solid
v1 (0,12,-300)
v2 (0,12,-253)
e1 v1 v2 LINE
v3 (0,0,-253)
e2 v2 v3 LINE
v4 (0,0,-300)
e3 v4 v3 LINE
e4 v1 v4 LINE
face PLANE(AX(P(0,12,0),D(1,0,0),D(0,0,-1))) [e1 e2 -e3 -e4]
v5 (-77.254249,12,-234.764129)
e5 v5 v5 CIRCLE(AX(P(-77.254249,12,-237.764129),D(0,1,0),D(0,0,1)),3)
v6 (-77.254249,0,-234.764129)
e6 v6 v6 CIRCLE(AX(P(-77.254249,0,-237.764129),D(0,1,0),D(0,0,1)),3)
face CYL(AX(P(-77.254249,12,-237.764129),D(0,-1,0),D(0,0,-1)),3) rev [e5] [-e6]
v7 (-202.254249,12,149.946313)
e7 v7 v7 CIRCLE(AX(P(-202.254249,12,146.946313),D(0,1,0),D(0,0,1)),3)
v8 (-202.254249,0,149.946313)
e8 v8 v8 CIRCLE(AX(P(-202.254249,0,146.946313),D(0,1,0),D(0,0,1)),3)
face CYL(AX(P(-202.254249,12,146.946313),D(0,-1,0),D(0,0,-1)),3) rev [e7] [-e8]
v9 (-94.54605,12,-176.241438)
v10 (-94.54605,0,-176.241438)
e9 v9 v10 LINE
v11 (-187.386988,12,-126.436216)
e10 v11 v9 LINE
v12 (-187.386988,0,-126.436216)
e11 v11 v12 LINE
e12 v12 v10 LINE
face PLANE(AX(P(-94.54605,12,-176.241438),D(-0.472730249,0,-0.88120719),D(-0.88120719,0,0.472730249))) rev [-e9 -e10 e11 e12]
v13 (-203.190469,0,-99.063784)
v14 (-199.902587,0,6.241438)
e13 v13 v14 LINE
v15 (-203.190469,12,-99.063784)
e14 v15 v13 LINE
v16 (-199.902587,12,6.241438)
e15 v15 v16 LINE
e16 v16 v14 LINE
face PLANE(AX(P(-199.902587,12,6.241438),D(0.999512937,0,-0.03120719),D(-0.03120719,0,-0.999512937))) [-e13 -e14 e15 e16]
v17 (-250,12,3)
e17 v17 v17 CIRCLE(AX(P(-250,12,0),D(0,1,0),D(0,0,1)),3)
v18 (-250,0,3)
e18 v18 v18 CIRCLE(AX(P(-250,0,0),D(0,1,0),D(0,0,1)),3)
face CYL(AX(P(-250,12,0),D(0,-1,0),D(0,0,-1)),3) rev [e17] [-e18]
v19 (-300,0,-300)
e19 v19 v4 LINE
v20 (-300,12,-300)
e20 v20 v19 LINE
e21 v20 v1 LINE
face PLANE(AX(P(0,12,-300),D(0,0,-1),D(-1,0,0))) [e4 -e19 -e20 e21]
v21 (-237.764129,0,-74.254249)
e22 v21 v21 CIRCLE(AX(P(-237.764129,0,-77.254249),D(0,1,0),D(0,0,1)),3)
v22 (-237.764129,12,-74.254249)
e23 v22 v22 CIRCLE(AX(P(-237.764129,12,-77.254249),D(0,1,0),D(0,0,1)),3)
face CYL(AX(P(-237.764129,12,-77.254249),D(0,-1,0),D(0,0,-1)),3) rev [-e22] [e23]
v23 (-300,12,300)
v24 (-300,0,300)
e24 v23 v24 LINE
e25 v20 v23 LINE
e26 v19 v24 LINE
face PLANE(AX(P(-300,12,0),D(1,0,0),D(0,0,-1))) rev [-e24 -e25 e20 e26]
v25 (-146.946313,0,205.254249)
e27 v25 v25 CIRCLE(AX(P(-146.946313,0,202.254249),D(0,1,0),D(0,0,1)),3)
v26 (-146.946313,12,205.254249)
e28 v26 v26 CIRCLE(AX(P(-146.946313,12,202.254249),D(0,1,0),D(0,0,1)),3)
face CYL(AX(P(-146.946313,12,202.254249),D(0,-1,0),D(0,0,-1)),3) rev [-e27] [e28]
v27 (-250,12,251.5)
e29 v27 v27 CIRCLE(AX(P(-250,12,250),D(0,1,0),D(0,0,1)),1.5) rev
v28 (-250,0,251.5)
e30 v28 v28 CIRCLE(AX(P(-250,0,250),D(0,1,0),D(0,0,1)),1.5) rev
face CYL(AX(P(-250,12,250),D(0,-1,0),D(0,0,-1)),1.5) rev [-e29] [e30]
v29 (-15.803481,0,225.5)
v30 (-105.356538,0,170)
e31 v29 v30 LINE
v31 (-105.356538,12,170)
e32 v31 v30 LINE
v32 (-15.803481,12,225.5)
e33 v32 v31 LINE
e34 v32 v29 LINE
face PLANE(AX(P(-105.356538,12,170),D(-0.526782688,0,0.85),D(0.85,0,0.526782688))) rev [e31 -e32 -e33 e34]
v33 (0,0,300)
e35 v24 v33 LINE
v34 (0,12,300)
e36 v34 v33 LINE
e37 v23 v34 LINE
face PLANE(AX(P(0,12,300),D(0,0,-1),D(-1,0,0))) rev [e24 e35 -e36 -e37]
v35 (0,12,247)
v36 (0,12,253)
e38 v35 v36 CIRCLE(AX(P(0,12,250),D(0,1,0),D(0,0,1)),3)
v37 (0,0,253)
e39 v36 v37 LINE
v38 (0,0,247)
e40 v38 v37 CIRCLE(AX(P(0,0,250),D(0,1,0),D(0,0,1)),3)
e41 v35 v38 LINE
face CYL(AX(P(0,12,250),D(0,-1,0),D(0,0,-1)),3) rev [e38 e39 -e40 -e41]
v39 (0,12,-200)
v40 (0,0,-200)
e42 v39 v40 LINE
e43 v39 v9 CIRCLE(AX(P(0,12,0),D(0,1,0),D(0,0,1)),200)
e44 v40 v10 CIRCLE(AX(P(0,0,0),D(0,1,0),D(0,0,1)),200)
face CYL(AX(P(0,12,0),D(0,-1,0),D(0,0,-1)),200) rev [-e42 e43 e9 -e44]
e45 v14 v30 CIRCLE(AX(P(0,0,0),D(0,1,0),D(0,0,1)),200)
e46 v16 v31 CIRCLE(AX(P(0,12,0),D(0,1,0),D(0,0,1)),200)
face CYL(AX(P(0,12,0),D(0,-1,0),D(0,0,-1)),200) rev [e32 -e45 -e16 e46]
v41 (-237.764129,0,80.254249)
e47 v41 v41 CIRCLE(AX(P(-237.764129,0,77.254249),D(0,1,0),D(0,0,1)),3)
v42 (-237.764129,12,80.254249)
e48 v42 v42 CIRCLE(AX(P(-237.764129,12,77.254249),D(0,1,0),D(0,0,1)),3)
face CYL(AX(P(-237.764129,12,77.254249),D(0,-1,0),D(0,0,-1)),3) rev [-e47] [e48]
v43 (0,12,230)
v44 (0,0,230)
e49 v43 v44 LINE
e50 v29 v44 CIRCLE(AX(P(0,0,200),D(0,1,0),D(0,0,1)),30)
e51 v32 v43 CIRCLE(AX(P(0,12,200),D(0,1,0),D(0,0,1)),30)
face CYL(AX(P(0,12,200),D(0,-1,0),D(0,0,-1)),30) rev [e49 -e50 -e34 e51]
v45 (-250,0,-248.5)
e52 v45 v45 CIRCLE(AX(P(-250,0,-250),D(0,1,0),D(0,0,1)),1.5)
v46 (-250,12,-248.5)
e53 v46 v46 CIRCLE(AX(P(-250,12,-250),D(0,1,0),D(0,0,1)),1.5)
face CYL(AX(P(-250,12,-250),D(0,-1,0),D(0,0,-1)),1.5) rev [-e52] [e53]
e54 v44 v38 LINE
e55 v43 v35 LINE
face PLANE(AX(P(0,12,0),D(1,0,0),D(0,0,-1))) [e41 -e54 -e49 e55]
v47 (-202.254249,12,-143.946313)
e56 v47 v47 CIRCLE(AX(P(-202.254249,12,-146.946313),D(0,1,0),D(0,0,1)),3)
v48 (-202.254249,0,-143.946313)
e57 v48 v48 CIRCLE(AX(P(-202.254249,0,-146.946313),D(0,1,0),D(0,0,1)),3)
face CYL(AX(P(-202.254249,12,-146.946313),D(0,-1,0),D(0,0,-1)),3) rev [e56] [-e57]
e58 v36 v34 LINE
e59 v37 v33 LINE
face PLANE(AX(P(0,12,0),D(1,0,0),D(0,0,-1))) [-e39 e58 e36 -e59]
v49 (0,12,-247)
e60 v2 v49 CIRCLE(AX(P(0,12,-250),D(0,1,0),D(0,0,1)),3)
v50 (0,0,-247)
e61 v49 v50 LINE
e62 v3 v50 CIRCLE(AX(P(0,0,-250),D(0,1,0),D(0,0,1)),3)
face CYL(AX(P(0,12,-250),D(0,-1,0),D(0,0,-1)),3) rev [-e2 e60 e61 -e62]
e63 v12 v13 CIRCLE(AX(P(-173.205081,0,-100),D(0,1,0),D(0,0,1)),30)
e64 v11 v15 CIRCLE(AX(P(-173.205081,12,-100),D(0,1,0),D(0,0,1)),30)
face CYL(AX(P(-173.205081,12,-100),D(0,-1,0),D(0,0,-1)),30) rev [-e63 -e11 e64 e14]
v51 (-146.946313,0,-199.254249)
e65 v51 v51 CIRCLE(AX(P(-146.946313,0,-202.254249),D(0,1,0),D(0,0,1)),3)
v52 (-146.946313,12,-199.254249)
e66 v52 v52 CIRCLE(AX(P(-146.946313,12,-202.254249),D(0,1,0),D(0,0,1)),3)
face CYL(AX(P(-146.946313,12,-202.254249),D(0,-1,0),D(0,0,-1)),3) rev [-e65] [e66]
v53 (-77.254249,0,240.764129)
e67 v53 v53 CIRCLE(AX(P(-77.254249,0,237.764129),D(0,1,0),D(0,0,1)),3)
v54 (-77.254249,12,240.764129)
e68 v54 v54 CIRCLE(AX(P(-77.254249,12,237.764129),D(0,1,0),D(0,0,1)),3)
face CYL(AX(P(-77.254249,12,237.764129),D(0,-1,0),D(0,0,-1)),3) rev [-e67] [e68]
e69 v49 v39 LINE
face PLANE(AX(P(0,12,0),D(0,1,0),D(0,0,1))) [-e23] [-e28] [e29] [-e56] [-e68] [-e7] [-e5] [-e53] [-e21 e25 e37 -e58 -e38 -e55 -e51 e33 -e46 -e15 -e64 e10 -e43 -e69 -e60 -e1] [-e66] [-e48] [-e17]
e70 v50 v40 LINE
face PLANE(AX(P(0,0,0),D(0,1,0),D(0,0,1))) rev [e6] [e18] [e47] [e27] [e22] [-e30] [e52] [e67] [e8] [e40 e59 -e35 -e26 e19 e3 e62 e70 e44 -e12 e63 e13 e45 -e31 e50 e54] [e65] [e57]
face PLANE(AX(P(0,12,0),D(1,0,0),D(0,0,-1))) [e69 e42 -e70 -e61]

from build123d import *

# Parameters (mm, degrees)
SKETCH1_R           = 3
SKETCH1_R_2         = 1.5
BOSS_EXTRUDE1_DEPTH = 12


with BuildPart() as part:
    # Sketch1 → Boss-Extrude1 (new body)
    with BuildSketch(Plane(origin=(0, 0, 0), x_dir=(1, 0, 0), z_dir=(0, 1, 0))):
        with BuildLine():
            Line((-203.190468868, 99.063784307), (-199.902587408, -6.241437954))
            ThreePointArc((-199.902587408, -6.241437954), (-173.205080757, -100), (-105.356537529, -170))
            Line((-105.356537529, -170), (-15.803480629, -225.5))
            ThreePointArc((-15.803480629, -225.5), (-8.215838363, -228.853076093), (0, -230))
            Line((0, -230), (0, -247))
            ThreePointArc((0, -247), (-3, -250), (0, -253))
            Line((0, -253), (0, -300))
            Line((0, -300), (-300, -300))
            Line((-300, -300), (-300, 300))
            Line((-300, 300), (0, 300))
            Line((0, 300), (0, 253))
            ThreePointArc((0, 253), (-3, 250), (0, 247))
            Line((0, 247), (0, 200))
            ThreePointArc((0, 200), (-48.742755406, 193.969440365), (-94.546049879, 176.241437954))
            Line((-94.546049879, 176.241437954), (-187.386988239, 126.436215693))
            ThreePointArc((-187.386988239, 126.436215693), (-199.18584287, 115), (-203.190468868, 99.063784307))
        make_face()
        with Locations(Location((-77.254248594, -237.764129074, 0), (0, 0, 270))):
            Circle(SKETCH1_R, mode=Mode.SUBTRACT)
        with Locations(Location((-146.946313073, -202.254248594, 0), (0, 0, 270))):
            Circle(SKETCH1_R, mode=Mode.SUBTRACT)
        with Locations(Location((-202.254248594, -146.946313073, 0), (0, 0, 270))):
            Circle(SKETCH1_R, mode=Mode.SUBTRACT)
        with Locations(Location((-237.764129074, -77.254248594, 0), (0, 0, 270))):
            Circle(SKETCH1_R, mode=Mode.SUBTRACT)
        with Locations(Location((-250, 0, 0), (0, 0, 270))):
            Circle(SKETCH1_R, mode=Mode.SUBTRACT)
        with Locations(Location((-237.764129074, 77.254248594, 0), (0, 0, 270))):
            Circle(SKETCH1_R, mode=Mode.SUBTRACT)
        with Locations(Location((-202.254248594, 146.946313073, 0), (0, 0, 270))):
            Circle(SKETCH1_R, mode=Mode.SUBTRACT)
        with Locations(Location((-146.946313073, 202.254248594, 0), (0, 0, 270))):
            Circle(SKETCH1_R, mode=Mode.SUBTRACT)
        with Locations(Location((-77.254248594, 237.764129074, 0), (0, 0, 270))):
            Circle(SKETCH1_R, mode=Mode.SUBTRACT)
        with Locations(Location((-250, 250, 0), (0, 0, 270))):
            Circle(SKETCH1_R_2, mode=Mode.SUBTRACT)
        with Locations(Location((-250, -250, 0), (0, 0, 270))):
            Circle(SKETCH1_R_2, mode=Mode.SUBTRACT)
    extrude(amount=BOSS_EXTRUDE1_DEPTH)


solid = part.part
